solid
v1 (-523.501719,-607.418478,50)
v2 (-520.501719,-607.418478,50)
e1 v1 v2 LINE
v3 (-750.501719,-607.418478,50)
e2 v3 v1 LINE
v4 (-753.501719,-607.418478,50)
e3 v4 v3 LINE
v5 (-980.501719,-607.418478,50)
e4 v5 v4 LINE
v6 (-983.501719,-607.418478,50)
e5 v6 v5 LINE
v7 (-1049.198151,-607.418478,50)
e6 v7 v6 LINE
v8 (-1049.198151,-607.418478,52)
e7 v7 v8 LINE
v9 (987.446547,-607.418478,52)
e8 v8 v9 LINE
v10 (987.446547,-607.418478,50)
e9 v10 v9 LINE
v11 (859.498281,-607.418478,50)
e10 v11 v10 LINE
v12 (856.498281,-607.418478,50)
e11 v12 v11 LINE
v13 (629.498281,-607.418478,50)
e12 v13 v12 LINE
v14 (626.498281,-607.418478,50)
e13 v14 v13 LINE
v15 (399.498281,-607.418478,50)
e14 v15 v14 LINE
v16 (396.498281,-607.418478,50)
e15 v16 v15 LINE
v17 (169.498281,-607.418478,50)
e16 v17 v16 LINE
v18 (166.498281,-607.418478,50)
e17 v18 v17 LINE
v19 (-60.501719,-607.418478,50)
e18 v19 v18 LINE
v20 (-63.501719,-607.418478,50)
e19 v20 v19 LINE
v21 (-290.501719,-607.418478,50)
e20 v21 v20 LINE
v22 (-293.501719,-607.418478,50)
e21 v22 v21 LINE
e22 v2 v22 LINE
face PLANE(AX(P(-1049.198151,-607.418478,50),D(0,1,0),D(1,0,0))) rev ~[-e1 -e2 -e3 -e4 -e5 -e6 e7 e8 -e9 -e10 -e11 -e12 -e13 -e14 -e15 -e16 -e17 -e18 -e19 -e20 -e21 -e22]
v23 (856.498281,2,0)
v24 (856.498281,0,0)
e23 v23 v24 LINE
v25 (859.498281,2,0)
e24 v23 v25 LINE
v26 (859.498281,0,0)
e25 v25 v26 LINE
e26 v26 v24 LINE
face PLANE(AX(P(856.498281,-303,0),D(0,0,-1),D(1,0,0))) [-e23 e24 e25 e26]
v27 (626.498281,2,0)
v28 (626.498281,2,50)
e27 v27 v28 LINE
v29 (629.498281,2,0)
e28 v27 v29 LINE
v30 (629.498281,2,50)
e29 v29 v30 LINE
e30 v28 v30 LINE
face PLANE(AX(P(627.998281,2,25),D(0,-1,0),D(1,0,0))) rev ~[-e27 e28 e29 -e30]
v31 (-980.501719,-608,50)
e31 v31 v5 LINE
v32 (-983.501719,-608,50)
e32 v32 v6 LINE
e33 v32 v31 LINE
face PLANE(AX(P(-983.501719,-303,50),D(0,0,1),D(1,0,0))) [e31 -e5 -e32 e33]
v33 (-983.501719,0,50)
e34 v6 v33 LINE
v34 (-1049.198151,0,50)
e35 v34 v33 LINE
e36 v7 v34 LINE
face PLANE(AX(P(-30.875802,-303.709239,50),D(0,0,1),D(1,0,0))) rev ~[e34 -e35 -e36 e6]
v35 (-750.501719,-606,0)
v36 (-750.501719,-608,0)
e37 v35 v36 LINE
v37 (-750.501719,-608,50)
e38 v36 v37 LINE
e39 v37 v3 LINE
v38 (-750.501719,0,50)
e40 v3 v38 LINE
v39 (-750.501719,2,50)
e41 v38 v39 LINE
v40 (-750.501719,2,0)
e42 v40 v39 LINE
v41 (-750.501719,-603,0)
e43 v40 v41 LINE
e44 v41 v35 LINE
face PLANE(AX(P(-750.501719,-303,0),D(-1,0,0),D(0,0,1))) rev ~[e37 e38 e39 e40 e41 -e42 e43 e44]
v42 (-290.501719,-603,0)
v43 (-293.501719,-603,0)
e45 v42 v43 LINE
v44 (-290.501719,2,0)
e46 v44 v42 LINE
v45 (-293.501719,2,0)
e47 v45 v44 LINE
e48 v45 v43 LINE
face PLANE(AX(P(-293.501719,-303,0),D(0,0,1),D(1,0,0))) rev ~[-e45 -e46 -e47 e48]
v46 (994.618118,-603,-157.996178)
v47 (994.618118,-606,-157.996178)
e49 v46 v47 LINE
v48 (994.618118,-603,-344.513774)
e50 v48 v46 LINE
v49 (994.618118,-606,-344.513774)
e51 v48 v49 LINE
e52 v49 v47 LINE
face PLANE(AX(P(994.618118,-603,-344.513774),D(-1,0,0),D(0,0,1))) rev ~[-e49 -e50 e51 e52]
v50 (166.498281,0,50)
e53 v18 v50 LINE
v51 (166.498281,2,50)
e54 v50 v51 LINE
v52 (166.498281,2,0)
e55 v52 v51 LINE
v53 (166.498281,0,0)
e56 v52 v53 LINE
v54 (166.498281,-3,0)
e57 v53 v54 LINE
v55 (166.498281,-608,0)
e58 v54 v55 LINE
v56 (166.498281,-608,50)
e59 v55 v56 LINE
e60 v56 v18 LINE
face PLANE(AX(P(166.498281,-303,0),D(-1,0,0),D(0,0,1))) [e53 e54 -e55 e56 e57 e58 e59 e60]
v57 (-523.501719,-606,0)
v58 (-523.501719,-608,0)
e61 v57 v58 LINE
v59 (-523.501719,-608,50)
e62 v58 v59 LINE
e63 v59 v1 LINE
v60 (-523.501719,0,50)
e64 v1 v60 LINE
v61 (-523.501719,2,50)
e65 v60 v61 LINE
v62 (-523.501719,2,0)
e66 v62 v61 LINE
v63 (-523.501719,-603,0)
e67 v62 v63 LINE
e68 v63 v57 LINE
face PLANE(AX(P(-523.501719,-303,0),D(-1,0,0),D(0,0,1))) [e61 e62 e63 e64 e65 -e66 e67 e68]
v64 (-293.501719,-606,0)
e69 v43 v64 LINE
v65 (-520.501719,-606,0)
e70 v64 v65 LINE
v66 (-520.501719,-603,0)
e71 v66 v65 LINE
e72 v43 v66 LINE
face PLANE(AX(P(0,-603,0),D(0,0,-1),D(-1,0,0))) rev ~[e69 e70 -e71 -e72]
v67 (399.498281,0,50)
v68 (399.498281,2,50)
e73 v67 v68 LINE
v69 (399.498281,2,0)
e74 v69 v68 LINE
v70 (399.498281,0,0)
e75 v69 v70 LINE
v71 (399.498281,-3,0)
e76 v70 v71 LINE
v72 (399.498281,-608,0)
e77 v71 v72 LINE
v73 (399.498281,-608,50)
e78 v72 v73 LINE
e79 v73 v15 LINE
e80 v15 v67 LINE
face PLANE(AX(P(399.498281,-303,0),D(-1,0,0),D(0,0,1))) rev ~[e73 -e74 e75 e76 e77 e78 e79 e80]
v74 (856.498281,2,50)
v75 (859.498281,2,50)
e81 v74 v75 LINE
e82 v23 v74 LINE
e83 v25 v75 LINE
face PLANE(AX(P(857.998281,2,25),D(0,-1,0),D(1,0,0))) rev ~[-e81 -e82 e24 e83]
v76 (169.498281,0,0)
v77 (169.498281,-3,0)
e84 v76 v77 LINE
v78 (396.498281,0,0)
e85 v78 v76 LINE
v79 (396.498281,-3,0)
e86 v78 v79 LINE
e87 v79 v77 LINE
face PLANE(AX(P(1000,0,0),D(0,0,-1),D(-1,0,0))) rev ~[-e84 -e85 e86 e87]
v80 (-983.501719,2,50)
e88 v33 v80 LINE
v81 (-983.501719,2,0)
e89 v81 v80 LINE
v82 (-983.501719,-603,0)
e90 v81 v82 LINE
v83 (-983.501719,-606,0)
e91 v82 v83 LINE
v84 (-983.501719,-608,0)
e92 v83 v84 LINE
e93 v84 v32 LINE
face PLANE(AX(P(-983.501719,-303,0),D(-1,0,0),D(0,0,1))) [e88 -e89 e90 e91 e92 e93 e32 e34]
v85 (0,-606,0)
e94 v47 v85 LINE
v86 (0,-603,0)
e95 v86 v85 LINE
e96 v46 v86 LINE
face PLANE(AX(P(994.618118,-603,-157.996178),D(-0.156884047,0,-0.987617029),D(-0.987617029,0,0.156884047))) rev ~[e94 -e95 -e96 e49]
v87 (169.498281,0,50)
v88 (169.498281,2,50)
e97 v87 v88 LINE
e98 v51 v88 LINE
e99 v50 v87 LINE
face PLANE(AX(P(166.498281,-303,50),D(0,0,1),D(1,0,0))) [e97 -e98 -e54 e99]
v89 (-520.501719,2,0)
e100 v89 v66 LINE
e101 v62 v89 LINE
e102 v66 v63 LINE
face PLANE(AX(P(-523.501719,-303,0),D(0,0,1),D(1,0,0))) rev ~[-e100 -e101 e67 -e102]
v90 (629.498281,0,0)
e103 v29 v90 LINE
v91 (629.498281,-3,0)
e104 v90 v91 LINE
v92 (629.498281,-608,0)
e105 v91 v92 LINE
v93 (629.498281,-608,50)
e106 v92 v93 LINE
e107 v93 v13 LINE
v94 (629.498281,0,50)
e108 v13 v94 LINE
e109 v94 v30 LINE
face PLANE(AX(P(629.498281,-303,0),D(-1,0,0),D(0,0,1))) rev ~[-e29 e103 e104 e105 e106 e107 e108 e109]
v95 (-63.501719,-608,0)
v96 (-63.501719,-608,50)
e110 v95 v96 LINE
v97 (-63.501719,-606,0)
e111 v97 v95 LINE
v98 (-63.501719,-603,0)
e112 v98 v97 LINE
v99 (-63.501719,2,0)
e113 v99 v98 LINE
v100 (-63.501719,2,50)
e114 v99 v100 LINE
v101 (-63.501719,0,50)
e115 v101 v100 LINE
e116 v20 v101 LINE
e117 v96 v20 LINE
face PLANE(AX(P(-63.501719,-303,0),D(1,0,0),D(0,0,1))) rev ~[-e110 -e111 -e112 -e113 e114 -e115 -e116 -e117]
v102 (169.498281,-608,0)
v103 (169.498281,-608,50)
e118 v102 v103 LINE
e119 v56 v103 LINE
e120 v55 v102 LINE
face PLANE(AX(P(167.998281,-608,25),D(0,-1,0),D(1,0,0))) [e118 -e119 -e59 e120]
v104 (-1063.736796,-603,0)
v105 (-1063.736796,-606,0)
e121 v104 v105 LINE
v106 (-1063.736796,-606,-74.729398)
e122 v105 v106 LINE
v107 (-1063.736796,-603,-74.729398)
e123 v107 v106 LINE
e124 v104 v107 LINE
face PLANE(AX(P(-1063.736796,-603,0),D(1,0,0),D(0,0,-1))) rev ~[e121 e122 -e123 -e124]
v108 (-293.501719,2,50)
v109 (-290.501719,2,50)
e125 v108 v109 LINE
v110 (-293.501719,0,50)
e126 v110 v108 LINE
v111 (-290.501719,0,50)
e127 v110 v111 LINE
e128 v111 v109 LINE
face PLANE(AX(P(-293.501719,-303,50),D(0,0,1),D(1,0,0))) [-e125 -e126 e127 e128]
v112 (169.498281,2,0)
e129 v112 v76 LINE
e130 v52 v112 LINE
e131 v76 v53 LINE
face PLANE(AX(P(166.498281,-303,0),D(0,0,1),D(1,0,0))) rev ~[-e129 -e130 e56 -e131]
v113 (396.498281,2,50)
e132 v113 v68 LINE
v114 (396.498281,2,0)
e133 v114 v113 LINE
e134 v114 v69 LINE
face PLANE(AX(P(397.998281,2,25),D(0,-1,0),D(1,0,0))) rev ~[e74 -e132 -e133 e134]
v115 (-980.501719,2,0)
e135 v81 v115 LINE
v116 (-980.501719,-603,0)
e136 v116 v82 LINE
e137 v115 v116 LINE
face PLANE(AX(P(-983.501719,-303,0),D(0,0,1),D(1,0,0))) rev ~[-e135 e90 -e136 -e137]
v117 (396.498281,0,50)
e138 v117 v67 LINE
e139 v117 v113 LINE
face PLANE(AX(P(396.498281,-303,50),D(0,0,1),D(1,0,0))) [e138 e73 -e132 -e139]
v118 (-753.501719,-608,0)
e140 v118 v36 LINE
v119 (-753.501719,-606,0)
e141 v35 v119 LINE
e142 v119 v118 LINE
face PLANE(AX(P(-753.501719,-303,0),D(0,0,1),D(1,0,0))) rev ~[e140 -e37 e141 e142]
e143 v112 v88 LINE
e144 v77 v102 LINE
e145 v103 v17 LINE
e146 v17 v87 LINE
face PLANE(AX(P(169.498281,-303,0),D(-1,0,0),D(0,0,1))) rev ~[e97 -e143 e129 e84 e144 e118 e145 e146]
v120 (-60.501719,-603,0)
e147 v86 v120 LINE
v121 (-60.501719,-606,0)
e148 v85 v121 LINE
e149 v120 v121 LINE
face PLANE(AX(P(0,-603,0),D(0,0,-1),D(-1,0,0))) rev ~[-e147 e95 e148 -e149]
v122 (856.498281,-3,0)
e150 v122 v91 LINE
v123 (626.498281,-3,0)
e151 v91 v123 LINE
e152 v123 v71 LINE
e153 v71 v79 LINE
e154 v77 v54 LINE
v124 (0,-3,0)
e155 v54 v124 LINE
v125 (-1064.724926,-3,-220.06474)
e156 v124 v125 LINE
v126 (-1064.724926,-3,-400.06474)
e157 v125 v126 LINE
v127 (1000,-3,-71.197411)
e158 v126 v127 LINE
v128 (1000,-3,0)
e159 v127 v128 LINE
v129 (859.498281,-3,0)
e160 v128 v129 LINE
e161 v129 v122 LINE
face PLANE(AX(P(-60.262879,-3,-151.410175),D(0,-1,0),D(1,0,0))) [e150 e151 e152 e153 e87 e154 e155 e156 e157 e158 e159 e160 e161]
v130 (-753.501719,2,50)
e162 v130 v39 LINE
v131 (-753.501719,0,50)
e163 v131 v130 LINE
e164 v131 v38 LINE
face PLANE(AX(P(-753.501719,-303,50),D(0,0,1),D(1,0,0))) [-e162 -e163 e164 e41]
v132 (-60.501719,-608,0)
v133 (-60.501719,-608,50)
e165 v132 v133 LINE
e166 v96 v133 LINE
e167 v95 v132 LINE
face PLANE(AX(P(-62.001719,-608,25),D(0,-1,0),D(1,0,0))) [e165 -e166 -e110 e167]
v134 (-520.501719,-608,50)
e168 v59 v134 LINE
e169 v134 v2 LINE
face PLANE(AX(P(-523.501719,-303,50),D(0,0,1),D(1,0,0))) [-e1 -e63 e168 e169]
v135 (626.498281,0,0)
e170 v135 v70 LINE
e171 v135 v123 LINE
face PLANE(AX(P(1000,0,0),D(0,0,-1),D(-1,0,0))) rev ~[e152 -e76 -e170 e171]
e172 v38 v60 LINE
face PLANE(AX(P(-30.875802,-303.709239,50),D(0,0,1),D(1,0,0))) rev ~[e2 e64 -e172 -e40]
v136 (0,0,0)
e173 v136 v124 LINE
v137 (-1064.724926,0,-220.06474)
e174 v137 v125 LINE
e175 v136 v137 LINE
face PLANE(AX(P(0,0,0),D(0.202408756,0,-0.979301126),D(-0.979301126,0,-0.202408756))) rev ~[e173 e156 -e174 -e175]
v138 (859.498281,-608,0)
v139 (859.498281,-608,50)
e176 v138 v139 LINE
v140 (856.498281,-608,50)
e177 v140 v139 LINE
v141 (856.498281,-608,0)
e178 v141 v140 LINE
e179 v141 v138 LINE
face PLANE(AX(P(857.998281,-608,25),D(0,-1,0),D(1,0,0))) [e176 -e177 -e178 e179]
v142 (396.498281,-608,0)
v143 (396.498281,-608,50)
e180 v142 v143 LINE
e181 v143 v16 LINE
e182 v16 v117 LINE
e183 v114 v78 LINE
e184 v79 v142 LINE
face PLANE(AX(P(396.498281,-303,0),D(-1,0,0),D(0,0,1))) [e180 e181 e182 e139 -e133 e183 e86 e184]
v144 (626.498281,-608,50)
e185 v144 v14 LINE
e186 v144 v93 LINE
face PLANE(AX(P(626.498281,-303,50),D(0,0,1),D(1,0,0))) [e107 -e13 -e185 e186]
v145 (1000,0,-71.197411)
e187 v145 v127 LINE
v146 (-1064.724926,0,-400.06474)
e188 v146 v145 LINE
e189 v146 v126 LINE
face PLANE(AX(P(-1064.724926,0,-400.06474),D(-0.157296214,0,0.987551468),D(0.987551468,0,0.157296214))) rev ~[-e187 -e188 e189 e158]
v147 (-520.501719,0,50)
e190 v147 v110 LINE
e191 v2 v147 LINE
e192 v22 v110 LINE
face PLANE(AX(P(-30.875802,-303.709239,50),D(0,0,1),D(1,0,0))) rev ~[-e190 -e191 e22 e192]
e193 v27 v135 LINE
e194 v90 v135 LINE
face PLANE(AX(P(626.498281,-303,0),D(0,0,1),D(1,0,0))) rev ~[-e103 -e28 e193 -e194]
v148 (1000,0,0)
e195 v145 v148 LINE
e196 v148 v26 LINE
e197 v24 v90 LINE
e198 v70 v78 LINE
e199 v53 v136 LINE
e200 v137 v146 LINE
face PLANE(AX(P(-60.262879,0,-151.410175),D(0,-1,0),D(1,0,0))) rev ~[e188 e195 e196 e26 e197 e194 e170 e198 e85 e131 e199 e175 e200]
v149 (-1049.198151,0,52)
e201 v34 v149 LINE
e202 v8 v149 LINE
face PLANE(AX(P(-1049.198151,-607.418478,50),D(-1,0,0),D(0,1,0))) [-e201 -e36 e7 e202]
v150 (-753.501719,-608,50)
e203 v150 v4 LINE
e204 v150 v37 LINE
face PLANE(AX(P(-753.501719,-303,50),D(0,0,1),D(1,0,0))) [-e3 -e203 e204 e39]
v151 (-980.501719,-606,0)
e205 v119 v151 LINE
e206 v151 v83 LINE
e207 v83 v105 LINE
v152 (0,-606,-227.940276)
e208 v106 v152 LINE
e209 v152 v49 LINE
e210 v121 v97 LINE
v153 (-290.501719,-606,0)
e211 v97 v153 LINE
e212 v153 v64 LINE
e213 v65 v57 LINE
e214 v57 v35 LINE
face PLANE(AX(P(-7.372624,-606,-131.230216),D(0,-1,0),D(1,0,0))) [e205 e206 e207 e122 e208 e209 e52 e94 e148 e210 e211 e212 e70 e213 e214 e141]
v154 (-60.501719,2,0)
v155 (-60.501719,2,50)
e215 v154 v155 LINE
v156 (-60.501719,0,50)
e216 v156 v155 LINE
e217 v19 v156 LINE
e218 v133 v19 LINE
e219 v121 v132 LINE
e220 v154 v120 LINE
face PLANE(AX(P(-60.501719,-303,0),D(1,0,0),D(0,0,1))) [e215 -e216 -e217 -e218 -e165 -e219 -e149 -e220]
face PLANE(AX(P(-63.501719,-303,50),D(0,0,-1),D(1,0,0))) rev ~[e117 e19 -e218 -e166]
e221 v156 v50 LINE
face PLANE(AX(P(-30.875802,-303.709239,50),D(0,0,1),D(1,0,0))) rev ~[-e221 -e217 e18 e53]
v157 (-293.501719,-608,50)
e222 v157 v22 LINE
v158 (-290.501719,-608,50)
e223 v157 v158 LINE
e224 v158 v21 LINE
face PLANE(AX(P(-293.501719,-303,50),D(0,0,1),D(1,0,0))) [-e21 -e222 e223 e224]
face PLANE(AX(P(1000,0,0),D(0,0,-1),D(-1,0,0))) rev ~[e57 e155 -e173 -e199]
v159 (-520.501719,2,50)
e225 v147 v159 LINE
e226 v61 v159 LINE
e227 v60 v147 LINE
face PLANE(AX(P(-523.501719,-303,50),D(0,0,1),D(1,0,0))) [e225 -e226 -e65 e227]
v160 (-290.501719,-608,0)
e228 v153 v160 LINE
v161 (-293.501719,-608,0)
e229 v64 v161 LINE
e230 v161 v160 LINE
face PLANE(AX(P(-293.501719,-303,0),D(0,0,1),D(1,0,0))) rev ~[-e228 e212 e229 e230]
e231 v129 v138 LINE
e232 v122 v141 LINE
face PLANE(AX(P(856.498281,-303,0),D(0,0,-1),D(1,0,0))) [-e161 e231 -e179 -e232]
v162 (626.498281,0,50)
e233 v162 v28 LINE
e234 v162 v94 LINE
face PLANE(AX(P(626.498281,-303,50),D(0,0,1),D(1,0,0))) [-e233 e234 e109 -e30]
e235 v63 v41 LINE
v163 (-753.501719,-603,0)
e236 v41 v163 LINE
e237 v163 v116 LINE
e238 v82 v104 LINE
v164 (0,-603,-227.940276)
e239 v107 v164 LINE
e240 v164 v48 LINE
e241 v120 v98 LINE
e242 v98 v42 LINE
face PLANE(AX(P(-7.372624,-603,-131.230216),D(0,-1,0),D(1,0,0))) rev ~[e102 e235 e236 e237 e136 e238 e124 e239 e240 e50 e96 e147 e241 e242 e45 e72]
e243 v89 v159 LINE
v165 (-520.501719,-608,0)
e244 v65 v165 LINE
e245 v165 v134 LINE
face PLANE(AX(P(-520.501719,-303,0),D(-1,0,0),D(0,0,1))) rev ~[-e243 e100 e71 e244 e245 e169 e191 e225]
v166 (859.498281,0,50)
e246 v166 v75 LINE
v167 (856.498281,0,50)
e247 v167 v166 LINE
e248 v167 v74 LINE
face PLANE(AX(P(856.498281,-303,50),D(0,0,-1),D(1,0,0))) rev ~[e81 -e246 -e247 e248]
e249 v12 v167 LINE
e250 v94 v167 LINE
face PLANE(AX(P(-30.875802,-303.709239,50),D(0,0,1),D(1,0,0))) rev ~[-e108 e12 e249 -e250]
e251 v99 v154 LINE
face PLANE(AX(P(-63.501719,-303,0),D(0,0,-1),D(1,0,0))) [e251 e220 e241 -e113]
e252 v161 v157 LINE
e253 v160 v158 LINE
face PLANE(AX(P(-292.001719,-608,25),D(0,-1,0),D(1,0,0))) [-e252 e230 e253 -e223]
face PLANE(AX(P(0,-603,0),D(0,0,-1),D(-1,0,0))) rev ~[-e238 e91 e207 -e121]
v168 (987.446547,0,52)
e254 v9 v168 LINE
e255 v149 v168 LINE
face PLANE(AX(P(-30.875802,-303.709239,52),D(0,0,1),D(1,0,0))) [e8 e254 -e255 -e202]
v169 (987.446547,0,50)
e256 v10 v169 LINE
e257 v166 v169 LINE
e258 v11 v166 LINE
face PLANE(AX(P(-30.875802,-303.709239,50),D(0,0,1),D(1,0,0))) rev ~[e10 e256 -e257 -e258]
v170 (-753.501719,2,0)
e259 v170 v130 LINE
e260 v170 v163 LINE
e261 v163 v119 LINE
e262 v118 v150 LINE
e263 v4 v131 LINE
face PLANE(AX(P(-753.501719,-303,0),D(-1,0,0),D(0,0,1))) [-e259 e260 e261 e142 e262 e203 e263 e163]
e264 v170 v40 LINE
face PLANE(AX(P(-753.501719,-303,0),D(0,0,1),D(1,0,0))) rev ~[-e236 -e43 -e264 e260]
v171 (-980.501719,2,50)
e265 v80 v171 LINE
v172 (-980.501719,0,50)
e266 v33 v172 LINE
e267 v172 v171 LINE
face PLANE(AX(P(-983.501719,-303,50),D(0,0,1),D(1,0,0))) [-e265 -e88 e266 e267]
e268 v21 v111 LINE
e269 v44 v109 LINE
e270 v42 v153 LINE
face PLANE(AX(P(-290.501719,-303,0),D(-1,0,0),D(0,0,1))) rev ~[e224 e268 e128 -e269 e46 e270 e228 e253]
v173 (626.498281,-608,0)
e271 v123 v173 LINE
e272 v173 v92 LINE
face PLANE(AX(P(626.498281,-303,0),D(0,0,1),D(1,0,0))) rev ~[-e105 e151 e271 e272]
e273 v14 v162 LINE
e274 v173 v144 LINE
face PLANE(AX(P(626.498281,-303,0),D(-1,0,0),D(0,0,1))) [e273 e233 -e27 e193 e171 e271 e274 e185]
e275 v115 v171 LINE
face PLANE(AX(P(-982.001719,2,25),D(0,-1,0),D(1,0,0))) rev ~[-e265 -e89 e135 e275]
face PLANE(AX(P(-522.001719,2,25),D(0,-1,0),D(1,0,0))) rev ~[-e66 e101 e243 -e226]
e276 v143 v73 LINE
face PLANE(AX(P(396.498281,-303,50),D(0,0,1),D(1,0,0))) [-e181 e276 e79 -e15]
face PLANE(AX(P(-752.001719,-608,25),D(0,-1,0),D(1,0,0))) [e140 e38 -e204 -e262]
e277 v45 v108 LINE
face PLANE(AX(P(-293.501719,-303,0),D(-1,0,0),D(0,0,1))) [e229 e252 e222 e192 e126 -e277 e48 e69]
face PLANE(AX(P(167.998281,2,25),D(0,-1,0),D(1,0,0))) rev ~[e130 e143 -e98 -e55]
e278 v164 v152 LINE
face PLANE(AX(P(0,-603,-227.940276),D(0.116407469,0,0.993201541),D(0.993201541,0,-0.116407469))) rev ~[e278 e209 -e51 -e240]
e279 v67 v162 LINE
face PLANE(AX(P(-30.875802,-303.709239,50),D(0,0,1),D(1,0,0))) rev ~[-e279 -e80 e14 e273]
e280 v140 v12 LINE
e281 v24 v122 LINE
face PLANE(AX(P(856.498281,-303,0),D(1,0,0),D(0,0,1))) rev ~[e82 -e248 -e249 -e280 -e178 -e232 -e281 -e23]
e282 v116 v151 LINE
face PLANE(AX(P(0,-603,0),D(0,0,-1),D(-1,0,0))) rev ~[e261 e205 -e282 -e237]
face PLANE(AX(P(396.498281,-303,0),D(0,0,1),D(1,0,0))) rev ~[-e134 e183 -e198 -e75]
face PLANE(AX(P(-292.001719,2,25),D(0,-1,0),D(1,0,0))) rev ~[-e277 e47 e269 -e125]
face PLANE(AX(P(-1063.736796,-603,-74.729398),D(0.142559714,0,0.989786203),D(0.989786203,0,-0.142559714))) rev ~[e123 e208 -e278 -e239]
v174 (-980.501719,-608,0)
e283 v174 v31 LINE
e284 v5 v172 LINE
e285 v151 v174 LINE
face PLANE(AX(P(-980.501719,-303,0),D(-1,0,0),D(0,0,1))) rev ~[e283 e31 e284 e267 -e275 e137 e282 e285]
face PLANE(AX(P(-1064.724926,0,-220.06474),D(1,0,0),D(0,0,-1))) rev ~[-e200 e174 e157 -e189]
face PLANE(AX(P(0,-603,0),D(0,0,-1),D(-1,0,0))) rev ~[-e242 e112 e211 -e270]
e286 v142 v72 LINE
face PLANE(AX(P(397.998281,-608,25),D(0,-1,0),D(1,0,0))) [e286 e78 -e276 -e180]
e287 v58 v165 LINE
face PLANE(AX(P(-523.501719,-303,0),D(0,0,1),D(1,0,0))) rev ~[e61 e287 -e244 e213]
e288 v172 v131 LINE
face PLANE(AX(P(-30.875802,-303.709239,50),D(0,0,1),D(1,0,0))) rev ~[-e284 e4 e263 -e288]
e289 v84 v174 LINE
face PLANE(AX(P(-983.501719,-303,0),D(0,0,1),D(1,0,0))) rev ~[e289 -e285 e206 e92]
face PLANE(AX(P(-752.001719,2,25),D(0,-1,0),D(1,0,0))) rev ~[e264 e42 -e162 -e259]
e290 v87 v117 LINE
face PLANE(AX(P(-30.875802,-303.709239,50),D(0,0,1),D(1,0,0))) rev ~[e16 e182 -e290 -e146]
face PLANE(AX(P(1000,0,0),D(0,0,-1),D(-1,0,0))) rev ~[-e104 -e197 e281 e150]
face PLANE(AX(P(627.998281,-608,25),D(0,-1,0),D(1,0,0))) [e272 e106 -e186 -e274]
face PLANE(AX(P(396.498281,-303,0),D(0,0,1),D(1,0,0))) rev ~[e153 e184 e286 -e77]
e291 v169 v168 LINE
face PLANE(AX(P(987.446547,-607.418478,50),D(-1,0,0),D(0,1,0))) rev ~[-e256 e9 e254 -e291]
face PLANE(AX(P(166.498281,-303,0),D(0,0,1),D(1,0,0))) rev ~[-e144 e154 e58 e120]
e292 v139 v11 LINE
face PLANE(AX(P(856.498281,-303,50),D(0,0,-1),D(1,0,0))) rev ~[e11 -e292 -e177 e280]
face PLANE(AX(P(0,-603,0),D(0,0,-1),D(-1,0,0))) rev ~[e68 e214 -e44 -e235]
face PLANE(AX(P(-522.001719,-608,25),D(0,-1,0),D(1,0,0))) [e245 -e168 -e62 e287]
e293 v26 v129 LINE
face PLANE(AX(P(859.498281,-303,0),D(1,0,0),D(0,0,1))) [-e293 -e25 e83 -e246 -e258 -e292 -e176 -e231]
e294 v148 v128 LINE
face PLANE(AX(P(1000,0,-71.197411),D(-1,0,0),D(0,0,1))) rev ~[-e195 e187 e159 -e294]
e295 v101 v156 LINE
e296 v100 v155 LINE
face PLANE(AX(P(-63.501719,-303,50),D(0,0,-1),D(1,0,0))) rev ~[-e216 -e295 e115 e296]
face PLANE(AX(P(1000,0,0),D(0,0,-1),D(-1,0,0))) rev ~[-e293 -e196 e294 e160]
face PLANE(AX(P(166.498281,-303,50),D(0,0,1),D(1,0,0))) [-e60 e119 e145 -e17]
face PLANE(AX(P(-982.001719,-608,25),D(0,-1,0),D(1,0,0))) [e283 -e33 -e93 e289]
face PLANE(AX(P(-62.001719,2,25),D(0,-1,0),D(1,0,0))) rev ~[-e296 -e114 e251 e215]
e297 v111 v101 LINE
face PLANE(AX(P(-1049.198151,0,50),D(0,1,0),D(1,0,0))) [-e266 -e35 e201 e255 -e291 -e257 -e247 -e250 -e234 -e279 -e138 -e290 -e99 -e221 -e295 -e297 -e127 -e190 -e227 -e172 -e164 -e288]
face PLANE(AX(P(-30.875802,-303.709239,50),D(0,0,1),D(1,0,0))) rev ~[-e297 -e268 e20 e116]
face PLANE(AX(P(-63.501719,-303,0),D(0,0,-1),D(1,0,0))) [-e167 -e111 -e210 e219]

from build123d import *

# Parameters (mm, degrees)
F1_DEPTH = 3
F4_DEPTH = 3
F6_W     = 3
F6_H     = 50
F7_DEPTH = 305
F8_W     = 2036.6446971893
F8_H     = 607.4184775352
F9_DEPTH = 2


with BuildPart() as f1:
    # F0 (on Front) → F1 (new body)
    with BuildSketch(Plane.XZ):
        Polygon((1000, 0), (0, 0), (-1064.7249259854, -220.0647401601), (-1064.7249259854, -400.0647401601), (1000, -71.1974114174), align=None)
    extrude(amount=F1_DEPTH)

    # F6 (on offset) → F7, piece 2 (join, symmetric)
    with BuildSketch(Plane.XZ.offset(303)):
        with Locations((167.9982813472, 25)):
            Rectangle(F6_W, F6_H)
        with Locations((397.9982813472, 25)):
            Rectangle(F6_W, F6_H)
        with Locations((627.9982813472, 25)):
            Rectangle(F6_W, F6_H)
        with Locations((857.9982813472, 25)):
            Rectangle(F6_W, F6_H)
    extrude(amount=F7_DEPTH, both=True)



with BuildPart() as f4:
    # F3 (on offset) → F4 (new body)
    with BuildSketch(Plane.XZ.offset(603)):
        Polygon((994.6181178093, -157.9961776733), (0, 0), (-1063.7367963791, 0), (-1063.7367963791, -74.729397893), (0, -227.9402762651), (994.6181178093, -344.5137739182), align=None)
    extrude(amount=F4_DEPTH)

    # F6 (on offset) → F7 (join, symmetric)
    with BuildSketch(Plane.XZ.offset(303)):
        with Locations((-982.0017186528, 25)):
            Rectangle(F6_W, F6_H)
        with Locations((-752.0017186528, 25)):
            Rectangle(F6_W, F6_H)
        with Locations((-522.0017186528, 25)):
            Rectangle(F6_W, F6_H)
        with Locations((-292.0017186528, 25)):
            Rectangle(F6_W, F6_H)
        with Locations((-62.0017186528, 25)):
            Rectangle(F6_W, F6_H)
    extrude(amount=F7_DEPTH, both=True)


with BuildPart() as f1_1:
    add(f1.part)

    add(f4.part)  # F9 merges F4
    # F8 (on face) → F9 (join)
    with BuildSketch(Plane.XY.offset(50)):
        with Locations((-30.8758020401, -303.7092387676)):
            Rectangle(F8_W, F8_H)
    extrude(amount=F9_DEPTH)


solid = f1_1.part
